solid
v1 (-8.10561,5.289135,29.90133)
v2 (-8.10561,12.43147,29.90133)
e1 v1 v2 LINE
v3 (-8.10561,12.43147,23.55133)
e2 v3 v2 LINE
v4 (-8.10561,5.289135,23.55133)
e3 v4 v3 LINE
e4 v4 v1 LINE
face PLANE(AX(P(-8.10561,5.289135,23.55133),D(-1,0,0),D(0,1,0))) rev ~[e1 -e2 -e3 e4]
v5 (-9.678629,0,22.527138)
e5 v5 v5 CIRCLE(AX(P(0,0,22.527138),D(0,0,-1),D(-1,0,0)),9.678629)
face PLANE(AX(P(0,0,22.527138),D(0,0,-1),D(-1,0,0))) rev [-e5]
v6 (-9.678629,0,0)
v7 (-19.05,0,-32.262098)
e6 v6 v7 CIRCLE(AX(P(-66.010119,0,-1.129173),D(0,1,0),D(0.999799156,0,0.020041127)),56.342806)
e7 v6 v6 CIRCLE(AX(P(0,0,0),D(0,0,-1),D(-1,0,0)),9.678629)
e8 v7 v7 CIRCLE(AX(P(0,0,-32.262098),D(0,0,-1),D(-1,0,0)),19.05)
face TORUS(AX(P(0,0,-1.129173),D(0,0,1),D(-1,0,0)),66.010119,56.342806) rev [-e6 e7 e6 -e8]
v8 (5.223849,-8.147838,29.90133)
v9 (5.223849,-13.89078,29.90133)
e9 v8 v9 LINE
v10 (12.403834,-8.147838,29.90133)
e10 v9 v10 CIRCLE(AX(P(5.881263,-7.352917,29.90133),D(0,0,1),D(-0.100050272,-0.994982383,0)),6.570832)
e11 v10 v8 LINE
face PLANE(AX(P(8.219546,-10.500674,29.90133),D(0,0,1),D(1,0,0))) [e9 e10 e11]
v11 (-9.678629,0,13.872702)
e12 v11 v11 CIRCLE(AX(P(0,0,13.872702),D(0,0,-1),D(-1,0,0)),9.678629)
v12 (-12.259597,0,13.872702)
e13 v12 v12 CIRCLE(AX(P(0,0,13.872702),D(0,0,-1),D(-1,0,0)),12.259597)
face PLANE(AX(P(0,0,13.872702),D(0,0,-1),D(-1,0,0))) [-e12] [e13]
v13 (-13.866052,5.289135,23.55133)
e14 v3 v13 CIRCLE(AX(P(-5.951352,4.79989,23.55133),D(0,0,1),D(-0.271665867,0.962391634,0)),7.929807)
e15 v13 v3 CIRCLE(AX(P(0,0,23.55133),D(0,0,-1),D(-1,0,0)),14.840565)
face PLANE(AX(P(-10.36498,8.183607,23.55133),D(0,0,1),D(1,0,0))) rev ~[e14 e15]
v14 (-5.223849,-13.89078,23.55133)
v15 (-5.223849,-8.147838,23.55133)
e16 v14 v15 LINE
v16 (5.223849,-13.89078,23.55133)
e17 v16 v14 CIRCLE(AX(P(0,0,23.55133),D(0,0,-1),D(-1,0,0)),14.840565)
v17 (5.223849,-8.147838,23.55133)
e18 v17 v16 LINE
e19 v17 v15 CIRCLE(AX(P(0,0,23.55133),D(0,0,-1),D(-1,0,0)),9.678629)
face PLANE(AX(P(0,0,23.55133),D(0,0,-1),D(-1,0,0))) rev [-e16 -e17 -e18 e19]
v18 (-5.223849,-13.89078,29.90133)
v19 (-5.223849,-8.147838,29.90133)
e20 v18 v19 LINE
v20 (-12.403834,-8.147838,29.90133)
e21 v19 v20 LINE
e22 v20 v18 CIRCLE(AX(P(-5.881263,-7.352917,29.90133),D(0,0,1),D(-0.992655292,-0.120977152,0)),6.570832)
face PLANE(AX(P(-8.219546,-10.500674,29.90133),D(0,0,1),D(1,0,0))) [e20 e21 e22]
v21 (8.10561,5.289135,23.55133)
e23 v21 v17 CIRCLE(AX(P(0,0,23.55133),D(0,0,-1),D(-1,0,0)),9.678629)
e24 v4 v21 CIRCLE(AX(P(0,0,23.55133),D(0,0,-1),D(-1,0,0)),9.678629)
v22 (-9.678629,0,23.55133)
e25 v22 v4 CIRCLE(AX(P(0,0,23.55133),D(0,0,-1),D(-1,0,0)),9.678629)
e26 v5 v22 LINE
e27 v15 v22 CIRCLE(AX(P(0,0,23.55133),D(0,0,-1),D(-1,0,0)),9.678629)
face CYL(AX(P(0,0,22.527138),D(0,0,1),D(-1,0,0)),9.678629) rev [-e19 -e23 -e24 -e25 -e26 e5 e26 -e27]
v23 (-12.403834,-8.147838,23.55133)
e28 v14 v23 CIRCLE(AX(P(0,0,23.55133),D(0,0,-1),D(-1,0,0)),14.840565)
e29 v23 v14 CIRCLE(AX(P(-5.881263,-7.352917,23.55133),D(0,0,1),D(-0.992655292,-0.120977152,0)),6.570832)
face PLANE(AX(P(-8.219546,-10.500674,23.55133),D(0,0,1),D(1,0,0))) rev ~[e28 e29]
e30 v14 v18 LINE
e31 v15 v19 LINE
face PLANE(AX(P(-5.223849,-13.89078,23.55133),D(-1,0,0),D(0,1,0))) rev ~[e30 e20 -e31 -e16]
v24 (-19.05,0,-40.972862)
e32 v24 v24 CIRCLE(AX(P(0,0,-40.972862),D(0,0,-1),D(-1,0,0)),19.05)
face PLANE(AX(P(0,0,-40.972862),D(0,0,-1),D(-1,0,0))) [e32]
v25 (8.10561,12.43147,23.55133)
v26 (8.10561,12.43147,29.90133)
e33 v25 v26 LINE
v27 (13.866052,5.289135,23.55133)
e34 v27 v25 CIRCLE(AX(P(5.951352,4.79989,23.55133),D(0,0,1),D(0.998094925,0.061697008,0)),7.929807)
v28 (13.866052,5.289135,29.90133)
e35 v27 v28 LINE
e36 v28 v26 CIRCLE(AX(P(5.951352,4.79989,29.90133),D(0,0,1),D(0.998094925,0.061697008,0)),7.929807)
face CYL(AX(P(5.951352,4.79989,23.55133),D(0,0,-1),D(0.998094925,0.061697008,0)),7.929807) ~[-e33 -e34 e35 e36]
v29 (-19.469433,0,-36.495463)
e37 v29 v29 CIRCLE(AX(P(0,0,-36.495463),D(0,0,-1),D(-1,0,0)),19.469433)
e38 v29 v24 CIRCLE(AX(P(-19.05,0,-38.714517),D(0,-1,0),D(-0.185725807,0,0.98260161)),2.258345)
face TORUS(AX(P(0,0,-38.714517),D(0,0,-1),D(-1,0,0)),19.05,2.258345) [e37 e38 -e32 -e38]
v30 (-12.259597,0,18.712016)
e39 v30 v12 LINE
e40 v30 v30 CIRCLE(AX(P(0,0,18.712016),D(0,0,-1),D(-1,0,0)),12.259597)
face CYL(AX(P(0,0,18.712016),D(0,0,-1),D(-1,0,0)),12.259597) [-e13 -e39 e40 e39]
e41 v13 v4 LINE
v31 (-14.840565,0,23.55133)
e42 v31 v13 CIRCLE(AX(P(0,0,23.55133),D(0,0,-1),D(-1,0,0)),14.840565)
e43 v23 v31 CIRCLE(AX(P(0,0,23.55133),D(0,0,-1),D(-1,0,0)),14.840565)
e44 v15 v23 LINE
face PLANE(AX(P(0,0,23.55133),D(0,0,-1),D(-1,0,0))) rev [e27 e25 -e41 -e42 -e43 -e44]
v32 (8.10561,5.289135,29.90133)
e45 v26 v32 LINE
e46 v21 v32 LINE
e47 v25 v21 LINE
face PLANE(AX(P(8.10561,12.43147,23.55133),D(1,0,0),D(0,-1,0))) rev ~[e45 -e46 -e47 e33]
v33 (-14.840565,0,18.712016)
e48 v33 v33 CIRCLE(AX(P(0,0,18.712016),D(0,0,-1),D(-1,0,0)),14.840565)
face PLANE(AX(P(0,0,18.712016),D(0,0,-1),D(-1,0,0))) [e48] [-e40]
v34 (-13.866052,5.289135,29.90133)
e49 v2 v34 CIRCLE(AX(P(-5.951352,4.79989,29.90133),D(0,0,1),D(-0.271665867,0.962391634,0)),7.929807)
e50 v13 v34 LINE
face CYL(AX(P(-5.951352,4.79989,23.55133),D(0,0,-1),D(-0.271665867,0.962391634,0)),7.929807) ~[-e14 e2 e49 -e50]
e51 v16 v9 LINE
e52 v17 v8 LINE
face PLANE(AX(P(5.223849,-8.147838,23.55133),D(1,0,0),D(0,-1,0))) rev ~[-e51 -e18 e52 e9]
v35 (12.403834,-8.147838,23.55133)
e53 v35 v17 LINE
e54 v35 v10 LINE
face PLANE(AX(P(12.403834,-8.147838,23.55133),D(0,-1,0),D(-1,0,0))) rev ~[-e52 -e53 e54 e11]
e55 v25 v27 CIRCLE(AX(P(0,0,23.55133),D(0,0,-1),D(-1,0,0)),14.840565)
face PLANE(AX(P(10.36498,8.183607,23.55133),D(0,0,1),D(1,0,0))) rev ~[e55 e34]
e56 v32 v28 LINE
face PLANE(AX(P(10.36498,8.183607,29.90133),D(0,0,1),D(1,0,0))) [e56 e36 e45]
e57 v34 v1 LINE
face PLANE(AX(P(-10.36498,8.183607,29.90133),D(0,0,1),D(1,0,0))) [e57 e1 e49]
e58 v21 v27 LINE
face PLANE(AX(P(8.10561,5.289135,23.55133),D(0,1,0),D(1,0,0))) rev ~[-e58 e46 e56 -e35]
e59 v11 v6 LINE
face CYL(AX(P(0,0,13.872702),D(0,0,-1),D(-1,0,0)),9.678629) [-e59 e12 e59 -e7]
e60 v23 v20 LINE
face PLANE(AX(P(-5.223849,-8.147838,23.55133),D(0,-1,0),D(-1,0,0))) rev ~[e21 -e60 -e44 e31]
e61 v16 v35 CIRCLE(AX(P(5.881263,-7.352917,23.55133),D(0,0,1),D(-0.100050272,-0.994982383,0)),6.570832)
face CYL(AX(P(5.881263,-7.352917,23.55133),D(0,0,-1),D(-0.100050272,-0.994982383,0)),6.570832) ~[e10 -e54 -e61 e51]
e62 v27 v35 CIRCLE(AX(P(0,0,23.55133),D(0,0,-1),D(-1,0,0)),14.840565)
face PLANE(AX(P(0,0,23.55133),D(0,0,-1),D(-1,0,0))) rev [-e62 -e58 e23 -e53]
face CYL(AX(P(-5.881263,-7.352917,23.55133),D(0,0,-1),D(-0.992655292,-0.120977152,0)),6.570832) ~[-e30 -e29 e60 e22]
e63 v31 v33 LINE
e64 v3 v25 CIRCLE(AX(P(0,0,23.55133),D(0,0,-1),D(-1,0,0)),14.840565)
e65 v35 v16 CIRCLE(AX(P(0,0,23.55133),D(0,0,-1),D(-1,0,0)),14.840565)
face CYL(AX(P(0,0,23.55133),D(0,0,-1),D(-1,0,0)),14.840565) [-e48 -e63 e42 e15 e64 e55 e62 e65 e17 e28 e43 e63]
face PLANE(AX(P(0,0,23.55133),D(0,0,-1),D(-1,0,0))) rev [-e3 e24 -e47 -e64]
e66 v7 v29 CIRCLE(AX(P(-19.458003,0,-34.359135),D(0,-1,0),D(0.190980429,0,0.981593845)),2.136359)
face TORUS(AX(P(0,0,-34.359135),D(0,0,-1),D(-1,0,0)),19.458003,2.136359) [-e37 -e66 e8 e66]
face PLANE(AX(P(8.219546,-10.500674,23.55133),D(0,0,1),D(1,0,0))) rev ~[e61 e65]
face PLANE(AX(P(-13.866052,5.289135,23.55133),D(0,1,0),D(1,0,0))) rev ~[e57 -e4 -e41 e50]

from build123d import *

# Parameters (mm, degrees)
F3_DEPTH = 6.35


with BuildPart() as f1:
    # F0 (on Front) → F1 (revolve)
    with BuildSketch(Plane.XZ):
        with BuildLine():
            Line((0, -40.9728623927), (0, 22.5271376073))
            Line((0, 22.5271376073), (-9.678629227, 22.5271376073))
            Line((-9.678629227, 22.5271376073), (-9.678629227, 23.5513299704))
            Line((-9.678629227, 23.5513299704), (-14.8405646905, 23.5513299704))
            Line((-14.8405646905, 23.5513299704), (-14.8405646905, 18.7120158225))
            Line((-14.8405646905, 18.7120158225), (-12.2595969588, 18.7120158225))
            Line((-12.2595969588, 18.7120158225), (-12.2595969588, 13.8727016747))
            Line((-12.2595969588, 13.8727016747), (-9.678629227, 13.8727016747))
            Line((-9.678629227, 13.8727016747), (-9.678629227, 0))
            ThreePointArc((-9.678629227, 0), (-11.9037436659, -16.8457862544), (-19.05, -32.2620980442))
            ThreePointArc((-19.05, -32.2620980442), (-21.5839524297, -34.1485000378), (-19.4694330371, -36.4954629979))
            ThreePointArc((-19.4694330371, -36.4954629979), (-21.2985011348, -38.9251516038), (-19.05, -40.9728623927))
            Line((-19.05, -40.9728623927), (0, -40.9728623927))
        make_face()
        with BuildLine():
            ThreePointArc((-19.05, -36.4561714232), (-19.2587456633, -36.4861809781), (-19.4694330371, -36.4954629979))
            ThreePointArc((-19.4694330371, -36.4954629979), (-19.2606346959, -36.4660157731), (-19.05, -36.4561714232))
        make_face(mode=Mode.SUBTRACT)
        with BuildLine():
            ThreePointArc((-19.05, -36.4561714232), (-19.2606346959, -36.4660157731), (-19.4694330371, -36.4954629979))
            ThreePointArc((-19.4694330371, -36.4954629979), (-19.2587456633, -36.4861809781), (-19.05, -36.4561714232))
        make_face()
    revolve(axis=Axis((0, 0, -8.7107662112), (0, 0, -1)))

    # F2 (on face) → F3 (join)
    with BuildSketch(Plane.XY.offset(23.5513299704)):
        with BuildLine():
            ThreePointArc((-8.1056099237, 12.4314700699), (-12.1238083174, 9.7781050365), (-13.866052389, 5.2891352298))
            Line((-13.866052389, 5.2891352298), (-8.1056099237, 5.2891352298))
            Line((-8.1056099237, 5.2891352298), (-8.1056099237, 12.4314700699))
        make_face()
        with BuildLine():
            ThreePointArc((13.866052389, 5.2891352298), (12.1238083174, 9.7781050365), (8.1056099237, 12.4314700699))
            Line((8.1056099237, 12.4314700699), (8.1056099237, 5.2891352298))
            Line((8.1056099237, 5.2891352298), (13.866052389, 5.2891352298))
        make_face()
        with BuildLine():
            Line((-5.223849041, -8.1478380513), (-12.4038339002, -8.1478380513))
            ThreePointArc((-12.4038339002, -8.1478380513), (-9.9855729668, -12.4842400833), (-5.223849041, -13.8907797308))
            Line((-5.223849041, -13.8907797308), (-5.223849041, -8.1478380513))
        make_face()
        with BuildLine():
            ThreePointArc((5.223849041, -13.8907797308), (9.9855729668, -12.4842400833), (12.4038339002, -8.1478380513))
            Line((12.4038339002, -8.1478380513), (5.223849041, -8.1478380513))
            Line((5.223849041, -8.1478380513), (5.223849041, -13.8907797308))
        make_face()
    extrude(amount=F3_DEPTH)


solid = f1.part
